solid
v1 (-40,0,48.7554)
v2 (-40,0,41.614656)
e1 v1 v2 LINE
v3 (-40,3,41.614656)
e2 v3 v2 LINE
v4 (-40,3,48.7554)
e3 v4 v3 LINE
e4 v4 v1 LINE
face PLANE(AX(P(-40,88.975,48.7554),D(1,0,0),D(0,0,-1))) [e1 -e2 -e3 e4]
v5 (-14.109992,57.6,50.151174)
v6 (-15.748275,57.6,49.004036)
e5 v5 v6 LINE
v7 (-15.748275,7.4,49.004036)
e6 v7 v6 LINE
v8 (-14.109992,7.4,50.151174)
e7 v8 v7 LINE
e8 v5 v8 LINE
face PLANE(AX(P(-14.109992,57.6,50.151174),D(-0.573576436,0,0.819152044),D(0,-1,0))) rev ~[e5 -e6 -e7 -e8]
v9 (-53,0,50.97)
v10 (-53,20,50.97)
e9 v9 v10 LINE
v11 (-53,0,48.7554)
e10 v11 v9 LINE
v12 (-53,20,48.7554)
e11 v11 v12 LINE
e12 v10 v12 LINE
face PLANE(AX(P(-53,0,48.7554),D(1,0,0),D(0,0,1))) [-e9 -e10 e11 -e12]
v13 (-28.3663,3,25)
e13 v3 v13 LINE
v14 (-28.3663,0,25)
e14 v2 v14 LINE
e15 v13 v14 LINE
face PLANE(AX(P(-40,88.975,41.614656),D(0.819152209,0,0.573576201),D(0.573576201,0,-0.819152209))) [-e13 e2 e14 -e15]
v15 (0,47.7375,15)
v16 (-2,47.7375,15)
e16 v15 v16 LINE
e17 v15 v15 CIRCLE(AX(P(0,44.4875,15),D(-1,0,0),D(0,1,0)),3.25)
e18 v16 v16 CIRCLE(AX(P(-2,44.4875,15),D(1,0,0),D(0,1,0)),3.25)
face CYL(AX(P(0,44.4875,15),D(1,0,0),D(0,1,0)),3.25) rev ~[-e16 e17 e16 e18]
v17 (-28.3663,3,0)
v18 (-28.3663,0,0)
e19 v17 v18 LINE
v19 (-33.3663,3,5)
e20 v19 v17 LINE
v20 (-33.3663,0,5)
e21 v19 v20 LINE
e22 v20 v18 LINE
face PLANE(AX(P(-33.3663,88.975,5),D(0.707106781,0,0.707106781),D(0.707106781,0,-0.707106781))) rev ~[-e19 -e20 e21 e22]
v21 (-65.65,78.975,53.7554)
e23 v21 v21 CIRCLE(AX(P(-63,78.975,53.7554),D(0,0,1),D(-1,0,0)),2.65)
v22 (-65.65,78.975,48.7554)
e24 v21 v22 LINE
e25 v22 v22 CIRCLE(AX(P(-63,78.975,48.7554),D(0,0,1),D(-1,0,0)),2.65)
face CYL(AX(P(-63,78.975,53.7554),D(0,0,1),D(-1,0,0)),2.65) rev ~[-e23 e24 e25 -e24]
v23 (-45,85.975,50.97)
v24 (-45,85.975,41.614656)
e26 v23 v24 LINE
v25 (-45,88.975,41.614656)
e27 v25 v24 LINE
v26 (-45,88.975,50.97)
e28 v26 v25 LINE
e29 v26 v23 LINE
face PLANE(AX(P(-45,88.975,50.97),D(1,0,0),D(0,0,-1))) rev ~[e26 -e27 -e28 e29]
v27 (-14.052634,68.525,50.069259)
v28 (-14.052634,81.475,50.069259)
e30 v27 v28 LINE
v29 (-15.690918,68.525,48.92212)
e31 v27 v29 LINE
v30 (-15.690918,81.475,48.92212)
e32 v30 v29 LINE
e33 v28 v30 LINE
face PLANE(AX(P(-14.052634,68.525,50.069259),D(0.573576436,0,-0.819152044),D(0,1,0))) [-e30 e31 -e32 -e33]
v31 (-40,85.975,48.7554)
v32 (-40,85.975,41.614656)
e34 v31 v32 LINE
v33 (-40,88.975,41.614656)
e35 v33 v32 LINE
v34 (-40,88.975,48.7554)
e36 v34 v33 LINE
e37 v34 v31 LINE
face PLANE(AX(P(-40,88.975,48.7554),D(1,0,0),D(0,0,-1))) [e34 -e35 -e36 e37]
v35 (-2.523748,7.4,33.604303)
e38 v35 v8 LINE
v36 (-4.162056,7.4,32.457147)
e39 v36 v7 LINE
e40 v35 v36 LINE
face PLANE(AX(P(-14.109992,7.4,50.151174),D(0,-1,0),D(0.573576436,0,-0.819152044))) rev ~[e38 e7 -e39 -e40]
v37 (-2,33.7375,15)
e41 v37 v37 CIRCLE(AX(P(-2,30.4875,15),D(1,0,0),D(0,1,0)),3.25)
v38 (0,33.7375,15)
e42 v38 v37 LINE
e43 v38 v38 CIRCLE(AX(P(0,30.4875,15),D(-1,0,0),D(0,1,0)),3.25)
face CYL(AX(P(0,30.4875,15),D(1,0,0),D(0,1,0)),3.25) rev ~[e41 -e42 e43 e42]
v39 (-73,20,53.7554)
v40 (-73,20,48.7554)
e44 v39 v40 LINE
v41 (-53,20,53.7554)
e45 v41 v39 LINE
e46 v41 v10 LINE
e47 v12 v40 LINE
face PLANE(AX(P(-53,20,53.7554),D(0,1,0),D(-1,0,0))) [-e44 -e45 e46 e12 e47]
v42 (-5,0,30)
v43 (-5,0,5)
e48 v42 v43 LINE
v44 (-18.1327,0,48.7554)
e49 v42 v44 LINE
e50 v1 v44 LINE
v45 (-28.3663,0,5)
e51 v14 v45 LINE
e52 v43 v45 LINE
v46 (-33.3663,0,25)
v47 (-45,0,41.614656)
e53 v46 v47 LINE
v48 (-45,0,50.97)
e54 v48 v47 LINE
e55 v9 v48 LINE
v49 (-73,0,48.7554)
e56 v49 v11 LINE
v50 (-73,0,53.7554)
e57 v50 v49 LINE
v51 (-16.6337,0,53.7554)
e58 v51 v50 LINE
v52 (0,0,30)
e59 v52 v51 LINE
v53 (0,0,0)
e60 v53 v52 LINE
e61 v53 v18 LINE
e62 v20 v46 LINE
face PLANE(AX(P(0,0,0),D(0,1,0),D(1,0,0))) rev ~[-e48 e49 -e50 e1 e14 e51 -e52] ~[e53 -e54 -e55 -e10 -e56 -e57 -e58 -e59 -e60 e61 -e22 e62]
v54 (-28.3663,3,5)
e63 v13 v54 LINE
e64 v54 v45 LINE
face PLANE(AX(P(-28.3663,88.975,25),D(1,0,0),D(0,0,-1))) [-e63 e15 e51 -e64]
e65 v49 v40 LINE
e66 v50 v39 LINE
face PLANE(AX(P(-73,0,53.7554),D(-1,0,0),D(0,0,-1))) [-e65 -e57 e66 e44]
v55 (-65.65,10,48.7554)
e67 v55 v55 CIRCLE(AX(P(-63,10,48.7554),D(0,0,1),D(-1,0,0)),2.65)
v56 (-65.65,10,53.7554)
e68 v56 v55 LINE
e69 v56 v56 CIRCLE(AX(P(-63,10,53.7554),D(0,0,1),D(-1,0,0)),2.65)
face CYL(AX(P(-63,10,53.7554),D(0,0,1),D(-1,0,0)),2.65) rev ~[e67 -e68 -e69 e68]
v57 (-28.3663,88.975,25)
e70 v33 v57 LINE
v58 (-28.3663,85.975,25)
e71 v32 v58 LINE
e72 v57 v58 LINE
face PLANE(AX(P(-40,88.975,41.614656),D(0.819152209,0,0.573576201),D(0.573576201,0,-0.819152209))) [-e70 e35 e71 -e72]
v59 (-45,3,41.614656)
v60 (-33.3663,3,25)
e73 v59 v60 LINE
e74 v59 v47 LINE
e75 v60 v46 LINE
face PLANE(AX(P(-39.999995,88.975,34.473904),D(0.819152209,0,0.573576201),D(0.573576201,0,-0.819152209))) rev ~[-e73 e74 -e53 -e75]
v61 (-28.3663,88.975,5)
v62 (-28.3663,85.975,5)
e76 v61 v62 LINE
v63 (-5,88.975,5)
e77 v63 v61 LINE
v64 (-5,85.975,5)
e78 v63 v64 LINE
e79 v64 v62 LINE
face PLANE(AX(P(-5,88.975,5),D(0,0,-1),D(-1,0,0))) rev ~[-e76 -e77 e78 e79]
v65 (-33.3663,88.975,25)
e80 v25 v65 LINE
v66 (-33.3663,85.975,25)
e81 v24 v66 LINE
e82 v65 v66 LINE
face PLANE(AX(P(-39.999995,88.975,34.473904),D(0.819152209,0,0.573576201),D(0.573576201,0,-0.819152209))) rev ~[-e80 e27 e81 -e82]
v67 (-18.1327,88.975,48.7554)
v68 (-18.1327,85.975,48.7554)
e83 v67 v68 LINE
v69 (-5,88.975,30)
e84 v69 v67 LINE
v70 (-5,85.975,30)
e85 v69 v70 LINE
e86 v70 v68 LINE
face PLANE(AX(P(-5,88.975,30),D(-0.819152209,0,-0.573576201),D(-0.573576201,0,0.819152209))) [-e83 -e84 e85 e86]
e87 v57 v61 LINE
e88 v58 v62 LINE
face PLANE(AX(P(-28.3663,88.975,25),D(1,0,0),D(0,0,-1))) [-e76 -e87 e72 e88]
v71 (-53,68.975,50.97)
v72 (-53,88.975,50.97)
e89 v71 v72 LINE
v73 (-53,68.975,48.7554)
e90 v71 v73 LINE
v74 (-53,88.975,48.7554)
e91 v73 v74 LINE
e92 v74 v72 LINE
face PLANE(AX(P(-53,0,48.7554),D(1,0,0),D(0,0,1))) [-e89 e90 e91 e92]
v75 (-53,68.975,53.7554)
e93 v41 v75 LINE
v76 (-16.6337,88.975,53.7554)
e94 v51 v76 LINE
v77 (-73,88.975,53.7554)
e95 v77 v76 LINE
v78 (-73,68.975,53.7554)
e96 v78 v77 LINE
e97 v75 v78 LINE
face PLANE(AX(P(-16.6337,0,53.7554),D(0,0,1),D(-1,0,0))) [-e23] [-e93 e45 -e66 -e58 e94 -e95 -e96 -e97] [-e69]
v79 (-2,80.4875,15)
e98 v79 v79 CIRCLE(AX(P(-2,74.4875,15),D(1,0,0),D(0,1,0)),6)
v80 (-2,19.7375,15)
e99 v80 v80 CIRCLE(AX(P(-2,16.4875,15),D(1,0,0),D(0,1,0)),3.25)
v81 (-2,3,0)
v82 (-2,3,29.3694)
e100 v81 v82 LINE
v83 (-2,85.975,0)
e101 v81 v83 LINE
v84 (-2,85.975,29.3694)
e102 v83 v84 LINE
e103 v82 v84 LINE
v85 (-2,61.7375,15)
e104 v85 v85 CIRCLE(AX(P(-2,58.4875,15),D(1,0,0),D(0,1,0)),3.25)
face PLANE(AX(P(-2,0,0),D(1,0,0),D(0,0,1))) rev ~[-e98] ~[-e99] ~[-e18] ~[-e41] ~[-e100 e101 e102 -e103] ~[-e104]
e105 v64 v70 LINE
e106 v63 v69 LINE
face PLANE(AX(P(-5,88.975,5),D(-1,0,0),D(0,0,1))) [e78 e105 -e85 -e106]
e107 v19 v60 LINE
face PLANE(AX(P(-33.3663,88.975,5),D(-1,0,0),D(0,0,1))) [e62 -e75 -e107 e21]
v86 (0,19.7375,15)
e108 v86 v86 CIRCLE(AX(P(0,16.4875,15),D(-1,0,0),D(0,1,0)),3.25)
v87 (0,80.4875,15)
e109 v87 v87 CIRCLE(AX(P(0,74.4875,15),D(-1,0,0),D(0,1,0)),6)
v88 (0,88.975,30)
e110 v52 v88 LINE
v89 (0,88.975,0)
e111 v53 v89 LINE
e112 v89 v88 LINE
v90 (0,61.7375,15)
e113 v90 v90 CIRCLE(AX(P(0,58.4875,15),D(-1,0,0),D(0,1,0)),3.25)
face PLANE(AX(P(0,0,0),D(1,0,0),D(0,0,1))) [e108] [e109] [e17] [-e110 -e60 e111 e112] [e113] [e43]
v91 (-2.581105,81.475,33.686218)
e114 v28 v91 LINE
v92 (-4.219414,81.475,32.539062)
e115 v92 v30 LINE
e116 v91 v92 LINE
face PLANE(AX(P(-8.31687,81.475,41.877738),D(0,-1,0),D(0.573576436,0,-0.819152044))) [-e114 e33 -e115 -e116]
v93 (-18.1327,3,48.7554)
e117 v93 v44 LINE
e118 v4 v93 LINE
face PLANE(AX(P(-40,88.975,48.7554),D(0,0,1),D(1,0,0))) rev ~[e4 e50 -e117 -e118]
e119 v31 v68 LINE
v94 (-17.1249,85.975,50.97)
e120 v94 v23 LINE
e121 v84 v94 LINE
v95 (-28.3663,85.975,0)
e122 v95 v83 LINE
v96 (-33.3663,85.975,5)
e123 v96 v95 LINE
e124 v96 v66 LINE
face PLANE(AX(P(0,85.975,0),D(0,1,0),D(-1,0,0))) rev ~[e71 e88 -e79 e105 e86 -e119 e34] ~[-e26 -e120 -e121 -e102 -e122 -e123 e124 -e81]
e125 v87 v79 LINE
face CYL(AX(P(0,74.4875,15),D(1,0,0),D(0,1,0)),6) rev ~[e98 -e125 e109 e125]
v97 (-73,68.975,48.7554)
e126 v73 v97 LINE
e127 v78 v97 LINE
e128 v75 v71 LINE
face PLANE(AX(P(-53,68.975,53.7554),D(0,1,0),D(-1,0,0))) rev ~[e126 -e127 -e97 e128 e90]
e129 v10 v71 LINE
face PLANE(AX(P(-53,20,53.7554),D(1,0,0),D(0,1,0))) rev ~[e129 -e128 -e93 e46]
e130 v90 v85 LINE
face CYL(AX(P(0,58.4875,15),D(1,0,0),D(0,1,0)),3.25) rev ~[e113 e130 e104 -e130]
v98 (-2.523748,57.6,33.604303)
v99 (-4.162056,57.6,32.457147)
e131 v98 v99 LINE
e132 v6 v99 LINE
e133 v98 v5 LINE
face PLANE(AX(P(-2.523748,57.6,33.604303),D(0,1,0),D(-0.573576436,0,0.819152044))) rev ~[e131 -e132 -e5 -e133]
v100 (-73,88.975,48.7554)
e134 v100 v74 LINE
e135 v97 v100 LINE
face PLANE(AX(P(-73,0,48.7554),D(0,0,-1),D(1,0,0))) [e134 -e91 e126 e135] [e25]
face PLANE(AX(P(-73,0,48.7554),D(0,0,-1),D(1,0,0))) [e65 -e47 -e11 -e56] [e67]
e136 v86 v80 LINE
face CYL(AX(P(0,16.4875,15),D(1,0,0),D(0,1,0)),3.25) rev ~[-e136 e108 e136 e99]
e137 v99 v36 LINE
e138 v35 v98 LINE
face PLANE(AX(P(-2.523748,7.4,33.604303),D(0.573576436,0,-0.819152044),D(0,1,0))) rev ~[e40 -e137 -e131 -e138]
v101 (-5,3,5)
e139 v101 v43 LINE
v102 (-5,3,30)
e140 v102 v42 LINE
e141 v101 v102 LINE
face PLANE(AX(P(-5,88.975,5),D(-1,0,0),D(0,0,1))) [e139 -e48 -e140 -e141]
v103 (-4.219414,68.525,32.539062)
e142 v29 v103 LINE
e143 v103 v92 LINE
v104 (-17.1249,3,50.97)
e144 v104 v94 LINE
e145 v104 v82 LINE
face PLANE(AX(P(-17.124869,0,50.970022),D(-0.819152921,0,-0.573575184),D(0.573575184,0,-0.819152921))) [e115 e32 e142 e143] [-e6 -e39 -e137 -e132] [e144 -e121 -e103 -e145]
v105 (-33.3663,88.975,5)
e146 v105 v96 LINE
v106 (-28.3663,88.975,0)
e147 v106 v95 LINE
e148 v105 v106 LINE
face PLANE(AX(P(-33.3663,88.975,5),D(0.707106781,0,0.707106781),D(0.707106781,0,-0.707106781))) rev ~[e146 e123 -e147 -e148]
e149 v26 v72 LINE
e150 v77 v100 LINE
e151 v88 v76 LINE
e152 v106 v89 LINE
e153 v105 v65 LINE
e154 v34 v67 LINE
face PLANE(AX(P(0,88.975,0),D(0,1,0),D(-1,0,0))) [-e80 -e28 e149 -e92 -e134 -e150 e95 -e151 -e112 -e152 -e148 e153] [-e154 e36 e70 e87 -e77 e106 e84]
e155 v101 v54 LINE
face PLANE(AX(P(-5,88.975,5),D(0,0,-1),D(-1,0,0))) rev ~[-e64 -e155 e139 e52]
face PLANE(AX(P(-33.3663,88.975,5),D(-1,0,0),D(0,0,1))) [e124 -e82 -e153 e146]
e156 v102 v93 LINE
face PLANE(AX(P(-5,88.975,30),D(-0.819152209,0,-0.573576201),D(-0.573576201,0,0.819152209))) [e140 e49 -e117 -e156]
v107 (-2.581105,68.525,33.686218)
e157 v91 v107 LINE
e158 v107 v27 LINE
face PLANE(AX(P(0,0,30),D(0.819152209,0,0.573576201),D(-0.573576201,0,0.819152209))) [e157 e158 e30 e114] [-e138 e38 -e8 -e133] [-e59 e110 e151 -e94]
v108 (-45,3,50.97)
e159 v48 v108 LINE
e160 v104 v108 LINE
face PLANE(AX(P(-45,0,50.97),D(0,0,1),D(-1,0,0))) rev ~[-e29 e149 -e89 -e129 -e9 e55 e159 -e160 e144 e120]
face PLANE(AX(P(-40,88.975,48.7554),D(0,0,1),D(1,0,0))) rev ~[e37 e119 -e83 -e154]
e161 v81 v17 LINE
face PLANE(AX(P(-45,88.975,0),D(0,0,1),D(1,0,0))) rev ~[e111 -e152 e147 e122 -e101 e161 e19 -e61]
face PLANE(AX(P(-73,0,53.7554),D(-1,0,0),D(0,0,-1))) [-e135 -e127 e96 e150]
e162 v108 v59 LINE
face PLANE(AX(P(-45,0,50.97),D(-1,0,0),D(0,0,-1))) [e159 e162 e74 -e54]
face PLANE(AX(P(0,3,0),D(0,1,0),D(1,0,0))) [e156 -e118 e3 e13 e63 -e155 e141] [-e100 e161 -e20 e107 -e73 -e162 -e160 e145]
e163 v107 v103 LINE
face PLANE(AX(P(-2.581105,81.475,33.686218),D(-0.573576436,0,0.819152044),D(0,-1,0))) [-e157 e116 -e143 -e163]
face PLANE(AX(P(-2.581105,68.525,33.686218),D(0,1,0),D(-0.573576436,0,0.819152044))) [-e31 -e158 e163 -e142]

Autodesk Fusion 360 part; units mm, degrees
sketch "스케치1" plane through (0, 0, 0) normal (0, 1, 0) x (1, 0, 0)
  line L0 (0, 0) -> (0, -30)
  line L1 (0, -30) -> (-16.6337, -53.7554)
  line L2 (0, -30) -> (29, -30) construction
  line L3 (0, 0) -> (-2, 0)
  line L4 (-16.6337, -53.7554) -> (-18.272, -52.6083)
  line L5 (-18.272, -52.6083) -> (-2, -29.3694)
  line L6 (-2, 0) -> (-2, -29.3694)
  line L7 (0, 0) -> (-73, 0)
  line L8 (-16.6337, -53.7554) -> (-73, -53.7554)
  line L9 (-18.272, -52.6083) -> (-17.1249, -50.97)
  line L10 (-73, -53.7554) -> (-73, -48.7554)
  line L11 (-73, -48.7554) -> (-53, -48.7554)
  line L12 (-53, -48.7554) -> (-53, -53.7554)
  line L13 (-17.1249, -50.97) -> (-53, -50.97)
  line L14 (-53, -50.97) -> (-45, -50.97)
  line L15 (-45, -50.97) -> (-45, 0)
  dimension "d1" = 30
  dimension "d2" = 125
  dimension "d3" = 29
  dimension "d4" = 2
  dimension "d7" = 73
  dimension "d8" = 2
  dimension "d9" = 5
  dimension "d10" = 20
  dimension "d11" = 8
extrude "돌출1" add sketch "스케치1" along normal blind 88.975 contours L0 L1 L3 L4 L5 L6 L7 L9 | L4 L5 L8 L9 L12 L13 L14 | L8 L10 L11 L12
extrude "돌출2" add sketch "스케치1" along normal blind 3 contours L5 L6 L7 L13 L15
sketch "스케치2" plane through (0, 88.975, 0) normal (0, 1, 0) x (-1, 0, 0)
  line L0 (0, 0) -> (2, 0)
  line L1 (2, 0) -> (2, 29.3694)
  line L2 (2, 29.3694) -> (17.1249, 50.97)
  line L3 (17.1249, 50.97) -> (53, 50.97)
  line L4 (53, 50.97) -> (53, 48.7554)
  line L5 (53, 48.7554) -> (73, 48.7554)
  line L6 (73, 48.7554) -> (73, 53.7554)
  line L7 (73, 53.7554) -> (16.6337, 53.7554)
  line L8 (16.6337, 53.7554) -> (0, 30)
  line L9 (0, 30) -> (0, 0)
  line L10 (53, 50.97) -> (45, 50.97)
  line L11 (45, 50.97) -> (45, 0)
  line L12 (45, 0) -> (2, 0)
  dimension "d14" = 8
extrude "돌출3" add sketch "스케치2" against normal blind 3 contours L1 L2 L3 L11 L12
sketch "스케치3" plane through (0, 0, 0) normal (1, 0, 0) x (0, 1, 0)
  line L0 (0, 30) -> (0, 0)
  line L1 (0, 0) -> (88.975, 0)
  line L2 (88.975, 0) -> (88.975, 30)
  line L3 (88.975, 30) -> (0, 30)
  line L4 (86.4875, 30) -> (2.4875, 30)
  line L5 (2.4875, 30) -> (2.4875, 0)
  line L6 (2.4875, 0) -> (86.4875, 0)
  line L7 (86.4875, 0) -> (86.4875, 30)
  line L8 (86.4875, 30) -> (2.4875, 0) construction
  line L9 (2.4875, 30) -> (86.4875, 0) construction
  line L10 (2.4875, 15) -> (16.4875, 15)
  line L11 (16.4875, 15) -> (30.4875, 15)
  line L12 (30.4875, 15) -> (44.4875, 15)
  line L13 (44.4875, 15) -> (58.4875, 15)
  line L14 (58.4875, 15) -> (74.4875, 15)
  line L15 (74.4875, 15) -> (86.4875, 15)
  circle A0 centre (16.4875, 15) radius 3.25
  circle A1 centre (30.4875, 15) radius 3.25
  circle A2 centre (44.4875, 15) radius 3.25
  circle A3 centre (58.4875, 15) radius 3.25
  circle A4 centre (74.4875, 15) radius 6
  circle A5 centre (16.4875, 15) radius 6
  point P0 (44.4875, 15)
  dimension "d45" = 84
  dimension "d46" = 14
  dimension "d47" = 14
  dimension "d48" = 14
  dimension "d49" = 14
  dimension "d50" = 16
  dimension "d51" = 6.5
  dimension "d52" = 6.5
  dimension "d53" = 6.5
  dimension "d54" = 6.5
  dimension "d55" = 12
  dimension "d56" = 12
extrude "돌출4" cut sketch "스케치3" against normal blind 3 contours L14 L15 A4 | L14 L15 A4 | L10 L11 A0 | L10 L11 A0 | L11 L12 A1 | L11 L12 A1 | L13 L14 A3 | L13 L14 A3 | L12 L13 A2 | L12 L13 A2
sketch "스케치4" plane through (14.0954, 0, 9.8697) normal (0.8192, 0, 0.5736) x (0, 1, 0)
  line L0 (0, 53.5746) -> (0, 24.5746)
  line L1 (0, 24.5746) -> (88.975, 24.5746)
  line L2 (88.975, 24.5746) -> (88.975, 53.5746)
  line L3 (88.975, 53.5746) -> (0, 53.5746)
  line L4 (0, 39.0746) -> (32.5, 39.0746)
  line L5 (7.4, 28.9746) -> (57.6, 28.9746)
  line L6 (57.6, 28.9746) -> (57.6, 49.1746)
  line L7 (57.6, 49.1746) -> (7.4, 49.1746)
  line L8 (7.4, 49.1746) -> (7.4, 28.9746)
  line L9 (7.4, 28.9746) -> (57.6, 49.1746) construction
  line L10 (57.6, 28.9746) -> (7.4, 49.1746) construction
  line L11 (88.975, 39.0746) -> (75, 39.0746)
  line L12 (68.525, 49.0746) -> (81.475, 49.0746)
  line L13 (81.475, 49.0746) -> (81.475, 29.0746)
  line L14 (81.475, 29.0746) -> (68.525, 29.0746)
  line L15 (68.525, 29.0746) -> (68.525, 49.0746)
  line L16 (68.525, 49.0746) -> (81.475, 29.0746) construction
  line L17 (81.475, 49.0746) -> (68.525, 29.0746) construction
  point P0 (32.5, 39.0746)
  point P1 (75, 39.0746)
  dimension "d37" = 32.5
  dimension "d38" = 50.2
  dimension "d39" = 20.2
  dimension "d40" = 13.975
  dimension "d41" = 12.95
  dimension "d42" = 20
extrude "돌출5" cut sketch "스케치4" against normal blind 3 contours L5 L6 L7 L8 | L12 L13 L14 L15
sketch "스케치5" plane through (0, 88.975, 0) normal (0, 1, 0) x (-1, 0, 0)
  line L0 (0, 0) -> (45, 0)
  line L1 (45, 0) -> (45, 50.97)
  line L2 (45, 50.97) -> (53, 50.97)
  line L3 (53, 50.97) -> (53, 48.7554)
  line L4 (53, 48.7554) -> (73, 48.7554)
  line L5 (73, 48.7554) -> (73, 53.7554)
  line L6 (73, 53.7554) -> (16.6337, 53.7554)
  line L7 (16.6337, 53.7554) -> (0, 30)
  line L8 (0, 30) -> (0, 0)
  line L9 (0, 30) -> (5, 30)
  line L10 (5, 0) -> (5, 5)
  line L11 (5, 5) -> (5, 30)
  line L12 (5, 5) -> (40, 5)
  line L13 (5, 30) -> (21.6337, 53.7554)
  line L14 (5, 30) -> (5, 25)
  line L15 (5, 25) -> (45, 25)
  line L16 (45, 53.7554) -> (45, 48.7554)
  line L17 (45, 48.7554) -> (28.3663, 25)
  line L18 (28.3663, 25) -> (28.3663, 0)
  line L19 (28.3663, 5) -> (33.3663, 5)
  line L20 (33.3663, 5) -> (33.3663, 0)
  line L21 (33.3663, 5) -> (33.3663, 25)
  line L22 (45, 48.7554) -> (50, 48.7554)
  line L23 (50, 48.7554) -> (33.3663, 25)
  line L24 (45, 48.7554) -> (18.1327, 48.7554)
  line L25 (45, 53.7554) -> (40, 53.7554)
  line L26 (40, 53.7554) -> (40, 34.4739)
  line L27 (40, 34.4739) -> (45, 34.4739)
  line L28 (45, 34.4739) -> (45, 53.7554)
  line L29 (33.3663, 5) -> (28.3663, 0)
  dimension "d57" = 5
  dimension "d58" = 5
  dimension "d59" = 35
  dimension "d60" = 29
  dimension "d61" = 5
  dimension "d62" = 5
  dimension "d63" = 29
  dimension "d64" = 5
  dimension "d65" = 5
  dimension "d66" = 5
extrude "돌출6" cut sketch "스케치5" against normal blind 88.975 contours L0 L20 L29 | L11 L12 L15 L18 | L11 L13 L14 L15 L17 L24 L26 | L0 L1 L15 L20 L21 | L1 L15 L23 L27 | L1 L23 L27 L28
sketch "스케치6" plane through (0, 0, 53.7554) normal (0, 0, 1) x (-1, 0, 0)
  line L0 (73, 0) -> (16.6337, 0)
  line L1 (16.6337, 0) -> (16.6337, -88.975)
  line L2 (16.6337, -88.975) -> (73, -88.975)
  line L3 (73, -88.975) -> (73, 0)
  line L4 (73, 0) -> (53, 0)
  line L5 (53, 0) -> (53, -88.975)
  line L6 (53, -88.975) -> (73, -88.975)
  line L7 (73, -88.975) -> (73, 0)
  line L8 (73, 0) -> (53, 0)
  line L9 (53, 0) -> (53, -20)
  line L10 (53, -20) -> (73, -20)
  line L11 (73, -20) -> (73, 0)
  line L12 (73, -88.975) -> (53, -88.975)
  line L13 (53, -88.975) -> (53, -68.975)
  line L14 (53, -68.975) -> (73, -68.975)
  line L15 (73, -68.975) -> (73, -88.975)
  circle A0 centre (63, -10) radius 2.65
  circle A1 centre (63, -78.975) radius 2.65
  dimension "d69" = 20
  dimension "d70" = 20
  dimension "d71" = 20
  dimension "d72" = 5.3
  dimension "d73" = 5.3
extrude "돌출7" cut sketch "스케치6" against normal blind 5 contours L3 L5 L7 L10 L14 | A0 | A1
